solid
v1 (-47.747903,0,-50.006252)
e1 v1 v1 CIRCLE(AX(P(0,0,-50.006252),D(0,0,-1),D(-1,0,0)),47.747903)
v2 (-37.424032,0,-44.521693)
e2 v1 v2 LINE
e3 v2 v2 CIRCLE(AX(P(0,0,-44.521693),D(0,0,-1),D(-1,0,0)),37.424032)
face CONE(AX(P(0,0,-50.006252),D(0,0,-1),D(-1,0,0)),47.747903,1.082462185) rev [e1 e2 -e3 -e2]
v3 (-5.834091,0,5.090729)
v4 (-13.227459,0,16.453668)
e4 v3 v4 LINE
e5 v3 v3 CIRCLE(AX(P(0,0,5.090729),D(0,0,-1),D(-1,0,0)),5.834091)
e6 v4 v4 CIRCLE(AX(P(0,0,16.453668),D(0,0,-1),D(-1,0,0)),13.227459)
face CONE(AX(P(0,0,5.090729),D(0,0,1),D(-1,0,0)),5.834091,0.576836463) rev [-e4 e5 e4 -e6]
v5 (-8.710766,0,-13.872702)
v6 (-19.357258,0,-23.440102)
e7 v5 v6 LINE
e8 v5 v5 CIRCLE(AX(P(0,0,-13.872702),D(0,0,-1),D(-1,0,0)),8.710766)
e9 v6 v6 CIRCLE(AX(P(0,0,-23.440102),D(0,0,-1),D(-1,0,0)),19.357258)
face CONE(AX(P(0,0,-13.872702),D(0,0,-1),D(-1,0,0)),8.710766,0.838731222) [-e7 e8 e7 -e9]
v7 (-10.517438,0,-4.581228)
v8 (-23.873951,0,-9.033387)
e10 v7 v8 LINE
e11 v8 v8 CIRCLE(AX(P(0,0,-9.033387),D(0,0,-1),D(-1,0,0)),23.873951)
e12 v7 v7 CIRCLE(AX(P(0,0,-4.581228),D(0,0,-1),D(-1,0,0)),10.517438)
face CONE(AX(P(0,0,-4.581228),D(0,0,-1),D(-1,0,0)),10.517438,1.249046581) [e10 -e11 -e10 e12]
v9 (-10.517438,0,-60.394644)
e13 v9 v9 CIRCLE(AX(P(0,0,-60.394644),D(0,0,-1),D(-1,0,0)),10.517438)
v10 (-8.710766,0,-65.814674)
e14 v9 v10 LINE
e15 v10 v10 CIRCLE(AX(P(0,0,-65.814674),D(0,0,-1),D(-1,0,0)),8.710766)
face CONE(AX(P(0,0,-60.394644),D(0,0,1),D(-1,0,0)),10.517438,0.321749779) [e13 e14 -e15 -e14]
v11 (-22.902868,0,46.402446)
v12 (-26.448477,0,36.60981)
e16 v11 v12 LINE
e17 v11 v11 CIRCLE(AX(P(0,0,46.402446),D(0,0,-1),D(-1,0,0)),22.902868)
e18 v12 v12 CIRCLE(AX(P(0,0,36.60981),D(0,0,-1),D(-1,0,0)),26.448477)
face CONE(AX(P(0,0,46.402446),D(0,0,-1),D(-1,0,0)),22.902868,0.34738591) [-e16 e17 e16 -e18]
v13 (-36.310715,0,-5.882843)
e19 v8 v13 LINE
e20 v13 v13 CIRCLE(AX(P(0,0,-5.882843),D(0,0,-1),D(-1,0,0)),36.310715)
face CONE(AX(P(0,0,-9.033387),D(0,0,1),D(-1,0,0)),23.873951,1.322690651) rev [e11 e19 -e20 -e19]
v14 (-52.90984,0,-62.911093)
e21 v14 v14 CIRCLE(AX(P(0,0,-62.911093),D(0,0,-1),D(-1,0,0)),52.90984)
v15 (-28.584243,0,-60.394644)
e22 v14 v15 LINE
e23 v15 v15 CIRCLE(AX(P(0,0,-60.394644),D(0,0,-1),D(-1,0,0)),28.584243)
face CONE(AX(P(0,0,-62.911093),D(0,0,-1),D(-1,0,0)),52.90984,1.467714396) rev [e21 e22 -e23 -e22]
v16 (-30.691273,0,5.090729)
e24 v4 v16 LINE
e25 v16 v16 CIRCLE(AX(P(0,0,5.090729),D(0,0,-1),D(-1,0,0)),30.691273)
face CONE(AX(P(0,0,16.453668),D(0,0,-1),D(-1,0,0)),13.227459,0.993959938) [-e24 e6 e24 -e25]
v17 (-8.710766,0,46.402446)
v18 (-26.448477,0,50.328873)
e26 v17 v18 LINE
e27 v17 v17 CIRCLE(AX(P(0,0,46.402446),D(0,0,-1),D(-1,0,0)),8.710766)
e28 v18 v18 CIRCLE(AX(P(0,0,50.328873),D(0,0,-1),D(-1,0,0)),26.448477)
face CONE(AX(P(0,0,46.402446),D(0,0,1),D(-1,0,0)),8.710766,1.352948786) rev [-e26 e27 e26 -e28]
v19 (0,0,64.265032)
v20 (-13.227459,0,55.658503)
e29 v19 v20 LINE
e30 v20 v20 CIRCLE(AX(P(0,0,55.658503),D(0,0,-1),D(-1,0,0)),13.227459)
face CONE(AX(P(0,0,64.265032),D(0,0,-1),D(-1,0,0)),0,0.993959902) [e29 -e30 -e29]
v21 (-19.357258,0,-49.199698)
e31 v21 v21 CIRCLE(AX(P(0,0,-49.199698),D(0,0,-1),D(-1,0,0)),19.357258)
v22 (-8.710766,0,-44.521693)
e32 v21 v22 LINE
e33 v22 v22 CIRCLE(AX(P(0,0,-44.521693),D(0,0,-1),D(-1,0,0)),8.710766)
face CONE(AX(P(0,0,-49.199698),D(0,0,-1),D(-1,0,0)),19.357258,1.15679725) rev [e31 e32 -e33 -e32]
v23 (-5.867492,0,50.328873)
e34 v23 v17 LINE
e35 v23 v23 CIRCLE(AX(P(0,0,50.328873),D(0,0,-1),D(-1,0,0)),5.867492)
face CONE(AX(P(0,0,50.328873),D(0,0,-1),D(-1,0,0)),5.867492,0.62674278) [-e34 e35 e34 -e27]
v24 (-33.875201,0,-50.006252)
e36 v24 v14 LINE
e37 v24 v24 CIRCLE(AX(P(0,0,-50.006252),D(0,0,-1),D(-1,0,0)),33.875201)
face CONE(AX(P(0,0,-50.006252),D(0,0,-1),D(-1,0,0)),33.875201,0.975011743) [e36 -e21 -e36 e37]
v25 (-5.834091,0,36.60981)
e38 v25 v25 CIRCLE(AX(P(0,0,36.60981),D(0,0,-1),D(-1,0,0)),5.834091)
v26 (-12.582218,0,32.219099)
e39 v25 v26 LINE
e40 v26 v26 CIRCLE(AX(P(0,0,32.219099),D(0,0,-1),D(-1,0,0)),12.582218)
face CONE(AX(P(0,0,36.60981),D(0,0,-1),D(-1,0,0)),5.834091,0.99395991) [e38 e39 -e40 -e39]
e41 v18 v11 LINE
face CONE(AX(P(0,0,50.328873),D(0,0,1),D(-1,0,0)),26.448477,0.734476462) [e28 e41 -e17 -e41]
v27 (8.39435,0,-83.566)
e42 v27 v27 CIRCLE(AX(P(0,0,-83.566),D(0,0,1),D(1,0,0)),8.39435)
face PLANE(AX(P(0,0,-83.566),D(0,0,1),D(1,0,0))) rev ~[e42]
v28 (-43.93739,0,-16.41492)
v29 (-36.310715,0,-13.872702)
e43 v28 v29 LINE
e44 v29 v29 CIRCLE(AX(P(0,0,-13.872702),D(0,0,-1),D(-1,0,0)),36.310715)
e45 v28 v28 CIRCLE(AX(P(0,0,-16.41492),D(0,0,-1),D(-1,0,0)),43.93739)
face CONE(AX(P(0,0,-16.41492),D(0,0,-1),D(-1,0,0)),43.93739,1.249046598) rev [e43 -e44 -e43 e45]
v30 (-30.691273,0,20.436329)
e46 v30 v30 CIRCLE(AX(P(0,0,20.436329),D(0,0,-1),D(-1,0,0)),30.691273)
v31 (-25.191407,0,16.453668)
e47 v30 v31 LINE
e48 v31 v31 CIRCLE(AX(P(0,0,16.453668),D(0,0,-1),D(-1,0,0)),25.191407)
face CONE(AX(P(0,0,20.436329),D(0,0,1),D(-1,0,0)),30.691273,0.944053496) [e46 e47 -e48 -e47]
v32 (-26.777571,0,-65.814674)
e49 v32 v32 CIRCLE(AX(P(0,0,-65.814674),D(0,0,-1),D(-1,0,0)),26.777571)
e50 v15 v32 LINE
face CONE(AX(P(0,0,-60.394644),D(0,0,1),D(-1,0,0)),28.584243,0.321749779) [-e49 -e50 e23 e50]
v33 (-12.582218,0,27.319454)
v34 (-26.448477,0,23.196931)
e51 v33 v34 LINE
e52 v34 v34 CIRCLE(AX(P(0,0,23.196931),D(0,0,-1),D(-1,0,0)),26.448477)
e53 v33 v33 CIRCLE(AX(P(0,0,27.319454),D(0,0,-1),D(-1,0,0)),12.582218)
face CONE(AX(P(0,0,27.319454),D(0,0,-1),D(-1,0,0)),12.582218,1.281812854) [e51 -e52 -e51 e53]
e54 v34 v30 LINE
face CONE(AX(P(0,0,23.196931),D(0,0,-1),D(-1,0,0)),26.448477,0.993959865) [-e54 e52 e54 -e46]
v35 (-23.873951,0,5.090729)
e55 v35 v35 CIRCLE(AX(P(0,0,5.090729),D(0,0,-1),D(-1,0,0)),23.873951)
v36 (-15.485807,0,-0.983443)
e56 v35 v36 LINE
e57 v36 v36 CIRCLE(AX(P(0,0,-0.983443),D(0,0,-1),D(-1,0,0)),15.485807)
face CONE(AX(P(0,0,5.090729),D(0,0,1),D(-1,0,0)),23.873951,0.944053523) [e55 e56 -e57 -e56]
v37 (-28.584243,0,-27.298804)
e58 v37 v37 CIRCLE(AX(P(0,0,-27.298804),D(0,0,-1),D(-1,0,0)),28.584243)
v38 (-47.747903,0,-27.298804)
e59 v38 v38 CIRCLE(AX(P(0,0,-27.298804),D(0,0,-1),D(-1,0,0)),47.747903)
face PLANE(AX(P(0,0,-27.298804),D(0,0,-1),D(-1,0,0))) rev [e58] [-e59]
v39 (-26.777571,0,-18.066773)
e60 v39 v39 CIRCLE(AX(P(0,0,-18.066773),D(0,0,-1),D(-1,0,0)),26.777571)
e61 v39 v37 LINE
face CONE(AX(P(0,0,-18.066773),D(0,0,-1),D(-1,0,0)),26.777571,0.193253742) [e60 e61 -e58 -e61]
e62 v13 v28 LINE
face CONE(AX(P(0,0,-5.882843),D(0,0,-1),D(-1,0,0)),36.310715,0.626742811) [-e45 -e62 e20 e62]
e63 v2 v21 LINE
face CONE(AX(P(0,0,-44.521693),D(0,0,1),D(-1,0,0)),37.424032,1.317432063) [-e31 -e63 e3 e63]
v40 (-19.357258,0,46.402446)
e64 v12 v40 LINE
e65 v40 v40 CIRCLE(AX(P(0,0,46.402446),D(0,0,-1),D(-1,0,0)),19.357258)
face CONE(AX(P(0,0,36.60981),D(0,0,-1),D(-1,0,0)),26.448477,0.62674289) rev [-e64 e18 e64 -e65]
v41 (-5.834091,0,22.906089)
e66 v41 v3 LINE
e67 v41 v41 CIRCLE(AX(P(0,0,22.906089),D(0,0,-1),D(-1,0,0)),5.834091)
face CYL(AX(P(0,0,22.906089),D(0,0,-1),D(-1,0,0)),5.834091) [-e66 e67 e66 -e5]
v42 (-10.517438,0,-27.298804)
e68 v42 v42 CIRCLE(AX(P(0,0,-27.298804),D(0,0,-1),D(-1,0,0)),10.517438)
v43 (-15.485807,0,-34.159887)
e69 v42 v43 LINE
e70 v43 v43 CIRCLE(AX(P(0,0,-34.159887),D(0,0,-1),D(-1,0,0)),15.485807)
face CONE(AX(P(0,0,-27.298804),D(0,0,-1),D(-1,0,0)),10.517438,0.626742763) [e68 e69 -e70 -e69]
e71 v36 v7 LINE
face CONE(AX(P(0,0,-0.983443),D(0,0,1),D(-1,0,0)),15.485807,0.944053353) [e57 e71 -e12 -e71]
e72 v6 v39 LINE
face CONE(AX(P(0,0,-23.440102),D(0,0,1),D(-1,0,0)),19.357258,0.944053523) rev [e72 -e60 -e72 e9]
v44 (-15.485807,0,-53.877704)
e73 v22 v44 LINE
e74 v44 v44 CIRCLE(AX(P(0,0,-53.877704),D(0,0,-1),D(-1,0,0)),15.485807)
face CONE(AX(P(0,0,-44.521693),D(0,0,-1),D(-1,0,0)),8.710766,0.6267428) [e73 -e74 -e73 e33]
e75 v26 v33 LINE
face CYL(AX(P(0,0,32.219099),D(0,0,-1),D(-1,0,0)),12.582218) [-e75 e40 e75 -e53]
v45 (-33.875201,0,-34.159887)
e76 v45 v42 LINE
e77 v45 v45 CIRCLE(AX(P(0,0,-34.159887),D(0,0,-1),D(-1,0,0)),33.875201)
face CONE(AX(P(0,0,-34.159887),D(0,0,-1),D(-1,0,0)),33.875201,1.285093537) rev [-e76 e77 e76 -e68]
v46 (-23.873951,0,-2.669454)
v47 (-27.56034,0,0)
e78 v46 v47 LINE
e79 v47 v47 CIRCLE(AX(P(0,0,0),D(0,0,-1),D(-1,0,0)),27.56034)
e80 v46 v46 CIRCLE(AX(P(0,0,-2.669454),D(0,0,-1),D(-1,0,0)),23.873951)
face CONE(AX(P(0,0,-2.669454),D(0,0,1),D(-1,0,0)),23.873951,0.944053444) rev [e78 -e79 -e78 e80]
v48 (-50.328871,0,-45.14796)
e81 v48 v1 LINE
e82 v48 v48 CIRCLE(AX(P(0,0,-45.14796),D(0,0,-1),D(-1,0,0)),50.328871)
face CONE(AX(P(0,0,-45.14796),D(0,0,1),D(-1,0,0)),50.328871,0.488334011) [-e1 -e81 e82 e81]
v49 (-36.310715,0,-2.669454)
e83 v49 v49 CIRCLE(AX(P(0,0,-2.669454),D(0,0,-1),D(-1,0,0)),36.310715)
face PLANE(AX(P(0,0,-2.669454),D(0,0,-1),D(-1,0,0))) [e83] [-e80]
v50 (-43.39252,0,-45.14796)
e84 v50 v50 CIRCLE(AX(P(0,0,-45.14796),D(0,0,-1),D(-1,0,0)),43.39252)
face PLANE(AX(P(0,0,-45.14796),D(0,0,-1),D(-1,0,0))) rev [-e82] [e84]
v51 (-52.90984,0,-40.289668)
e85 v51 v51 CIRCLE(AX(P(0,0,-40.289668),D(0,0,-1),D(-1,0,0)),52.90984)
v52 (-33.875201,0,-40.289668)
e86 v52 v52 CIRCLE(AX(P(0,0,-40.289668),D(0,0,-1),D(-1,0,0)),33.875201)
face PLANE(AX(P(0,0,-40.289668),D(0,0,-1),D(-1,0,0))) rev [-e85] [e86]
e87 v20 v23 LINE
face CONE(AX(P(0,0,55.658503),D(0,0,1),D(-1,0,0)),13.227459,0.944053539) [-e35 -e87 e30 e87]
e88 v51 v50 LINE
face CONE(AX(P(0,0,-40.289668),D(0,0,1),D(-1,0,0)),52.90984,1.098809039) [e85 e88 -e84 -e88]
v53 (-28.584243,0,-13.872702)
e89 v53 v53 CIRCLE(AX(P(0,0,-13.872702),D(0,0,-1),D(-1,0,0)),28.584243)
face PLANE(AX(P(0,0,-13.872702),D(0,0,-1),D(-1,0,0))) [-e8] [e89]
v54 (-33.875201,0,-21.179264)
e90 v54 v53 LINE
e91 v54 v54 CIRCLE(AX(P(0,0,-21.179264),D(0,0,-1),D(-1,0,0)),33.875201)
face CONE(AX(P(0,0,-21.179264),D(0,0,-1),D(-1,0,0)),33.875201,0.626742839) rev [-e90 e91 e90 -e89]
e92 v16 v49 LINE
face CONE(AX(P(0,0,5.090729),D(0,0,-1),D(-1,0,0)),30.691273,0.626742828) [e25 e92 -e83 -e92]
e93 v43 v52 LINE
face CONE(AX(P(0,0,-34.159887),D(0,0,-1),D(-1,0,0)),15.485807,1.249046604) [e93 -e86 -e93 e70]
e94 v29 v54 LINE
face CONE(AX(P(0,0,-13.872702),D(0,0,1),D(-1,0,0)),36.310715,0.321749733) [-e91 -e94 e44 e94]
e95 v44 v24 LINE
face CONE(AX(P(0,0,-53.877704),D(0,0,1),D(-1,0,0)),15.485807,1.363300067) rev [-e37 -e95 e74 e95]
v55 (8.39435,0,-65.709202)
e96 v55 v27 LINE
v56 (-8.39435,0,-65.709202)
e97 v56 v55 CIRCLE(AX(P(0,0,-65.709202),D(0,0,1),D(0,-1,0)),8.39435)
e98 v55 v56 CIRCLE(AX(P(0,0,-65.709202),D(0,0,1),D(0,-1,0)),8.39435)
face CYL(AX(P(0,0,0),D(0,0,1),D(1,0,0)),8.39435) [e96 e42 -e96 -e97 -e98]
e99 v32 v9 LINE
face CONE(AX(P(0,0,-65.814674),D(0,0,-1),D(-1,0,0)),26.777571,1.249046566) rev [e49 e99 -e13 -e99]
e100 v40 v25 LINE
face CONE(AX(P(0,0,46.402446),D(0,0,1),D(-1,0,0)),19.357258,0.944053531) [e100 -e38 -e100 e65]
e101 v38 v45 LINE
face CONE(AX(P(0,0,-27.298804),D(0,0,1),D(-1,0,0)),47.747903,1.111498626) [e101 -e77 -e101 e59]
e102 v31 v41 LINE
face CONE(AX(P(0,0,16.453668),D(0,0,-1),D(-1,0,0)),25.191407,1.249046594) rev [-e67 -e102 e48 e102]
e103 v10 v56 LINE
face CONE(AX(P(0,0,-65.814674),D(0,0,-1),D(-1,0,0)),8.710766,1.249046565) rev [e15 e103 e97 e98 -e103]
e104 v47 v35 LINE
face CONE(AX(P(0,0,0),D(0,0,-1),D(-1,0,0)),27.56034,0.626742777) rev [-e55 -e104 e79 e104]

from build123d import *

# Parameters (mm, degrees)
F2_R     = 8.39435
F3_DEPTH = 83.566


with BuildPart() as f1:
    # F0 (on Front) → F1 (revolve)
    with BuildSketch(Plane.XZ):
        Polygon((0, -62.911093), (0, 55.813428), (0, 64.265032), (-13.227459, 55.658503), (-5.867492, 50.328873), (-8.710766, 46.402446), (-26.448477, 50.328873), (-22.902868, 46.402446), (-26.448477, 36.60981), (-19.357258, 46.402446), (-5.834091, 36.60981), (-12.582218, 32.219099), (-12.582218, 27.319454), (-26.448477, 23.196931), (-30.691273, 20.436329), (-25.191407, 16.453668), (-5.834091, 22.906089), (-5.834091, 5.090729), (-13.227459, 16.453668), (-30.691273, 5.090729), (-36.310715, -2.669454), (-23.873951, -2.669454), (-27.56034, 0), (-23.873951, 5.090729), (-15.485807, -0.983443), (-10.517438, -4.581228), (-23.873951, -9.033387), (-36.310715, -5.882843), (-43.93739, -16.41492), (-36.310715, -13.872702), (-33.875201, -21.179264), (-28.584243, -13.872702), (-8.710766, -13.872702), (-19.357258, -23.440102), (-26.777571, -18.066773), (-28.584243, -27.298804), (-47.747903, -27.298804), (-33.875201, -34.159887), (-10.517438, -27.298804), (-15.485807, -34.159887), (-33.875201, -40.289668), (-52.90984, -40.289668), (-43.39252, -45.14796), (-50.328871, -45.14796), (-47.747903, -50.006252), (-37.424032, -44.521693), (-19.357258, -49.199698), (-8.710766, -44.521693), (-15.485807, -53.877704), (-33.875201, -50.006252), (-52.90984, -62.911093), (-28.584243, -60.394644), (-26.777571, -65.814674), (-10.517438, -60.394644), (-8.710766, -65.814674), align=None)
    revolve(axis=Axis((0, 0, -3.548833), (0, 0, -1)))

    # F2 (on Top) → F3 (join)
    with BuildSketch(Plane.XY):
        Circle(F2_R)
    extrude(amount=-F3_DEPTH)


solid = f1.part
